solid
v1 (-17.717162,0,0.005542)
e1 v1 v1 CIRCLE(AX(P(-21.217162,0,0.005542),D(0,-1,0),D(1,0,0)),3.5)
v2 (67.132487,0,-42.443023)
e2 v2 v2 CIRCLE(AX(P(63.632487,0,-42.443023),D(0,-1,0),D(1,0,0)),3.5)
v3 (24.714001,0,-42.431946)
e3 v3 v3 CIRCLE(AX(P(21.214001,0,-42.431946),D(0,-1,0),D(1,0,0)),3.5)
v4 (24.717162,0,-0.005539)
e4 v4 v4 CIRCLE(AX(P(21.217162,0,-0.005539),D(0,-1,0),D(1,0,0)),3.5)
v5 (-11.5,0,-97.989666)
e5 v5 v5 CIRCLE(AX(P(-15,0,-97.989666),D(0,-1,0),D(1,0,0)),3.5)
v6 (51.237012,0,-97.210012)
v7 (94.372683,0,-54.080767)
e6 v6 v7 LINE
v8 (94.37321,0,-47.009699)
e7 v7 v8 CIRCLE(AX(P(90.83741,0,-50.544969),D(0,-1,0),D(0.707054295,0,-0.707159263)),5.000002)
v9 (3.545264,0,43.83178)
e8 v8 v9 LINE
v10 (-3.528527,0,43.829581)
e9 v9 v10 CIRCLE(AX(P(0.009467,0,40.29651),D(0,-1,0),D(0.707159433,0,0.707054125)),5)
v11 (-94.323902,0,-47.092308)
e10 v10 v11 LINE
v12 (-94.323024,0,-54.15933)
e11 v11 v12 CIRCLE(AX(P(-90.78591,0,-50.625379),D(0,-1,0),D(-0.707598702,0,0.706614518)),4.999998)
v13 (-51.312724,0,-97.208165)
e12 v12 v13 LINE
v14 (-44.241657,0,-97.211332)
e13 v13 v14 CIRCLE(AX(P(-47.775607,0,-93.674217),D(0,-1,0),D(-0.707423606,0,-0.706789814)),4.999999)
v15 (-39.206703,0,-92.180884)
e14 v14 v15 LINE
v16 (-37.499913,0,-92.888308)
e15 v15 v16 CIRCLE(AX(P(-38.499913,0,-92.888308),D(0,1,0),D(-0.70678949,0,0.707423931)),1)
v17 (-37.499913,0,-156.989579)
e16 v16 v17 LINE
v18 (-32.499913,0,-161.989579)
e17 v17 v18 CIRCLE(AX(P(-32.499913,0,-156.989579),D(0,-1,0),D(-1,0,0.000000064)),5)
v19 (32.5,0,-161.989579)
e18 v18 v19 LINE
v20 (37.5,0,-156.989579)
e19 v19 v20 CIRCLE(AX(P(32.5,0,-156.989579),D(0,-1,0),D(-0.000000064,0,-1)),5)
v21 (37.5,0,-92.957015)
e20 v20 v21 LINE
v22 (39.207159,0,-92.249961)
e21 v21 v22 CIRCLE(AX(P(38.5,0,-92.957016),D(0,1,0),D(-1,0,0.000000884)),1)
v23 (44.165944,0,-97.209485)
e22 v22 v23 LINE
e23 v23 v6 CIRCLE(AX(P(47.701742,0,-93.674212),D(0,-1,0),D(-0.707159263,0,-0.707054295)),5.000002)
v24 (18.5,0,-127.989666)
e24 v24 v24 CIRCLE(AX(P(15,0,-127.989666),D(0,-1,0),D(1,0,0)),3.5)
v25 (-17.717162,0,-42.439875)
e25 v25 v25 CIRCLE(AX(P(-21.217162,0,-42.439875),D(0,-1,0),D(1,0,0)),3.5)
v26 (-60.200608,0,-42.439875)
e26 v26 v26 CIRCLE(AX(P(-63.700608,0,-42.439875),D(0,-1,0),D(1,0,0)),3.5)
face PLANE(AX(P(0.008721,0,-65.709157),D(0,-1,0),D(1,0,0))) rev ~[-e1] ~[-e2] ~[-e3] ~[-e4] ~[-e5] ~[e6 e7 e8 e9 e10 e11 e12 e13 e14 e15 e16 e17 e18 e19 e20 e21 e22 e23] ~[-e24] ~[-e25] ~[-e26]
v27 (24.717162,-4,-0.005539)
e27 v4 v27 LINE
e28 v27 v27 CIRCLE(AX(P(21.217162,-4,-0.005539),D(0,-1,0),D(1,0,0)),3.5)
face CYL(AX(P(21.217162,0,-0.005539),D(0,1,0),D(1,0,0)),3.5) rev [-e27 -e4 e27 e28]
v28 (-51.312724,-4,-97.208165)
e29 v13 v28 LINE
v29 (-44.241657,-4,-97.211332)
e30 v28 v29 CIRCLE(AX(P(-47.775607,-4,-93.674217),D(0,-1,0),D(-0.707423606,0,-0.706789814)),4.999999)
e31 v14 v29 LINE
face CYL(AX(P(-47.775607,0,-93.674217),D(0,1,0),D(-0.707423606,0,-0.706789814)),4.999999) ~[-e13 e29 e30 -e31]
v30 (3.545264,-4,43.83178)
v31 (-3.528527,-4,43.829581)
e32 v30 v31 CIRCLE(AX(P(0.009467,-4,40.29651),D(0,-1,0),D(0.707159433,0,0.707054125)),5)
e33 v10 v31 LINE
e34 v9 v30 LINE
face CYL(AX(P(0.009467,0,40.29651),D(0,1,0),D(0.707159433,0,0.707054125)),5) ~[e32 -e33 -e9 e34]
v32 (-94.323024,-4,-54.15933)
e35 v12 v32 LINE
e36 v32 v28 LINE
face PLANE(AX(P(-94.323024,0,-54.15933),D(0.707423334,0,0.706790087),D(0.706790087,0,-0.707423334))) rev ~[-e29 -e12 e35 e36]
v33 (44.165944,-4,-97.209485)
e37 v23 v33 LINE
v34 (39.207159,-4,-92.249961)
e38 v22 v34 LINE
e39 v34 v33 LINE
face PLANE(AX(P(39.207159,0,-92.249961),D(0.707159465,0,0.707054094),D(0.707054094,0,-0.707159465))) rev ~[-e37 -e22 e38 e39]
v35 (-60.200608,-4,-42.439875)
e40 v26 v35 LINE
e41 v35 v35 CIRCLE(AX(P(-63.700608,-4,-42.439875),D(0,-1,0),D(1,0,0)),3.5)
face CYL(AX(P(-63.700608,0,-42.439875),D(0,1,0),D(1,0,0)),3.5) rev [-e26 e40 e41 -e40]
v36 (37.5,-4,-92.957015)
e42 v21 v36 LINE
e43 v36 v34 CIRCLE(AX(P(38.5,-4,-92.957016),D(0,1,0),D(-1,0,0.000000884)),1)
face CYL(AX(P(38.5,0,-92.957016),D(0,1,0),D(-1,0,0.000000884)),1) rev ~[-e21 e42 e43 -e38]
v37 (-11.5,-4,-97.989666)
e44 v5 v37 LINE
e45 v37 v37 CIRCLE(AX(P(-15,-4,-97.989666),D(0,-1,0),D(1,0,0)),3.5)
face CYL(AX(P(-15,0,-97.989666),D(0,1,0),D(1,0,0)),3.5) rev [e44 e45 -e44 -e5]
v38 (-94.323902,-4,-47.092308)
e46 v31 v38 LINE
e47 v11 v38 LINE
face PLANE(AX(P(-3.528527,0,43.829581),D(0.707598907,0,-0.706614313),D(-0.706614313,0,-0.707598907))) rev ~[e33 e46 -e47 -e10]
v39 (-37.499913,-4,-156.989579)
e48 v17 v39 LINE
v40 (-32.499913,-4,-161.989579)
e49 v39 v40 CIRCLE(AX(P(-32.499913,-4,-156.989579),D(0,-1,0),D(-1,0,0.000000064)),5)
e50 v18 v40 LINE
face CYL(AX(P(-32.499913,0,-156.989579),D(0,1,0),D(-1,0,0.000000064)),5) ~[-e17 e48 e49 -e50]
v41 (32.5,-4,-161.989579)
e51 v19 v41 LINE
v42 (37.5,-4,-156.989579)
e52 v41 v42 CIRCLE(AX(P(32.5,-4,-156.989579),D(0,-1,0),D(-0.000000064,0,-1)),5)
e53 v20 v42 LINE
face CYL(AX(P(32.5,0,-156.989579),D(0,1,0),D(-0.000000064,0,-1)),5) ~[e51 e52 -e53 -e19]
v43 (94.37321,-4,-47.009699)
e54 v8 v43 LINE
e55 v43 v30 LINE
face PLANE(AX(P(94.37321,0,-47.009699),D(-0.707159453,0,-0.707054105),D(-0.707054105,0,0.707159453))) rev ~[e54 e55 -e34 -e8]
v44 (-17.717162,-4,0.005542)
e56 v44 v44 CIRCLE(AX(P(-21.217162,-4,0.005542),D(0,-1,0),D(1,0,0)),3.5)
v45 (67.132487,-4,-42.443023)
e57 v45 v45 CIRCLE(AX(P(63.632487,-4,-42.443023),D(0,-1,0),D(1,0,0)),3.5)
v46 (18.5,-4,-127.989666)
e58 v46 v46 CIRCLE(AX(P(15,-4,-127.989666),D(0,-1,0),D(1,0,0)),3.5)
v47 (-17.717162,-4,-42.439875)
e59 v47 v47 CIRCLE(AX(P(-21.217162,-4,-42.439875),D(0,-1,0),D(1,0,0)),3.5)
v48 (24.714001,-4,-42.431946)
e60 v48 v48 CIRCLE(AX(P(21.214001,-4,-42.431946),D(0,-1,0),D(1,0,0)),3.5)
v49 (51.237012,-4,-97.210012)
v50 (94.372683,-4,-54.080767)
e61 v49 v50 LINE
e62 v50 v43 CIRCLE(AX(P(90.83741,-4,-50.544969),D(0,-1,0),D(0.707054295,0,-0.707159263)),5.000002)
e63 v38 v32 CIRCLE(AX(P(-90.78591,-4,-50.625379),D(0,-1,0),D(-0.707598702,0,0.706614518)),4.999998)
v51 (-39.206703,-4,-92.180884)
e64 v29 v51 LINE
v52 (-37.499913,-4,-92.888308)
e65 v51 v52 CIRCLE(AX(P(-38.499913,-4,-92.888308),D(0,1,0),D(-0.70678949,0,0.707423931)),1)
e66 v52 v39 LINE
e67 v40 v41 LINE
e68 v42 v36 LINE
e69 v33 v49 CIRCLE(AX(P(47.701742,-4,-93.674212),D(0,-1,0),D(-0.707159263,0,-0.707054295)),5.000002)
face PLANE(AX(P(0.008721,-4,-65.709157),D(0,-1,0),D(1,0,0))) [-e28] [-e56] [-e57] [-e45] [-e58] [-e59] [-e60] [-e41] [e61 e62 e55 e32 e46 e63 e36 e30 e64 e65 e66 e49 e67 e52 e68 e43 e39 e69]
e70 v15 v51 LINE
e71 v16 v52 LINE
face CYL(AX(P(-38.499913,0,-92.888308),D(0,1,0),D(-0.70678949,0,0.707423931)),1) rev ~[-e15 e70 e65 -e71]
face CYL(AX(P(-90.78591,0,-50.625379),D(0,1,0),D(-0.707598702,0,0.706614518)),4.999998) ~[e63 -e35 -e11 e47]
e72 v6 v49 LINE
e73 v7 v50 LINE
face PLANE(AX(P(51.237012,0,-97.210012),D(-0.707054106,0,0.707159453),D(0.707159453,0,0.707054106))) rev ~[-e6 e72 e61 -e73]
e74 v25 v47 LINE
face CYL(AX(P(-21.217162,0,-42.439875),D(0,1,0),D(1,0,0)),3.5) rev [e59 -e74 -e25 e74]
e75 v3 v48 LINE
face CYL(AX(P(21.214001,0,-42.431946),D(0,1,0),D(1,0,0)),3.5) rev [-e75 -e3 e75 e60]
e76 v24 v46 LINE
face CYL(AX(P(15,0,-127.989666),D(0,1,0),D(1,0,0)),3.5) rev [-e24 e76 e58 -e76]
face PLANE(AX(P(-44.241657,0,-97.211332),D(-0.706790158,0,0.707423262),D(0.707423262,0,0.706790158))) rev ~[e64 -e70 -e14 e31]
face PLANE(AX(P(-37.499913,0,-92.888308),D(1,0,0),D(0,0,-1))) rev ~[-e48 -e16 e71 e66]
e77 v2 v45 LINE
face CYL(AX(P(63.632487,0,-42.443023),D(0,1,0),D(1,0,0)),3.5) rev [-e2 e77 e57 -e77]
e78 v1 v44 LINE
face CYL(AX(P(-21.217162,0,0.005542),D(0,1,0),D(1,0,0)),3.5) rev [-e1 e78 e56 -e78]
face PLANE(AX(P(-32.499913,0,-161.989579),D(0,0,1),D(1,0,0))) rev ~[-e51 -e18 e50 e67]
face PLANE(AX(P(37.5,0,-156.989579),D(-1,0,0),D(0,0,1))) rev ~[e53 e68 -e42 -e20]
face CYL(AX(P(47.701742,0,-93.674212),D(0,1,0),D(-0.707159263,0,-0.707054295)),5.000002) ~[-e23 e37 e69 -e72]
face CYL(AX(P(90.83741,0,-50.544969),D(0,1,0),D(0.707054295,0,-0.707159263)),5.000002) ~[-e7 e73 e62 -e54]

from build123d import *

# Parameters (mm, degrees)
F0_R     = 3.5
F1_DEPTH = 4


with BuildPart() as f1:
    # F0 (on Front) → F1 (new body)
    with BuildSketch(Plane.XZ):
        with BuildLine():
            ThreePointArc((-37.499913, -156.989579), (-36.035447, -160.525113), (-32.499913, -161.989579))
            Line((-32.499913, -161.989579), (32.5, -161.989579))
            ThreePointArc((32.5, -161.989579), (36.035534, -160.525113), (37.5, -156.989579))
            Line((37.5, -156.989579), (37.5, -92.957015))
            ThreePointArc((37.5, -92.957015), (38.117351, -92.033122), (39.207159, -92.249961))
            Line((39.207159, -92.249961), (44.165944, -97.209485))
            ThreePointArc((44.165944, -97.209485), (47.701369, -98.674214), (51.237012, -97.210012))
            Line((51.237012, -97.210012), (94.372683, -54.080767))
            ThreePointArc((94.372683, -54.080767), (95.837412, -50.545342), (94.37321, -47.009699))
            Line((94.37321, -47.009699), (3.545264, 43.83178))
            ThreePointArc((3.545264, 43.83178), (0.007913, 45.296509), (-3.528527, 43.829581))
            Line((-3.528527, 43.829581), (-94.323902, -47.092308))
            ThreePointArc((-94.323902, -47.092308), (-95.785908, -50.626001), (-94.323024, -54.15933))
            Line((-94.323024, -54.15933), (-51.312724, -97.208165))
            ThreePointArc((-51.312724, -97.208165), (-47.777847, -98.674215), (-44.241657, -97.211332))
            Line((-44.241657, -97.211332), (-39.206703, -92.180884))
            ThreePointArc((-39.206703, -92.180884), (-38.117023, -91.964514), (-37.499913, -92.888308))
            Line((-37.499913, -92.888308), (-37.499913, -156.989579))
        make_face()
        with Locations((-15, -97.989666)):
            Circle(F0_R, mode=Mode.SUBTRACT)
        with Locations((15, -127.989666)):
            Circle(F0_R, mode=Mode.SUBTRACT)
        with Locations((-63.700608, -42.439875)):
            Circle(F0_R, mode=Mode.SUBTRACT)
        with Locations((-21.217162, -42.439875)):
            Circle(F0_R, mode=Mode.SUBTRACT)
        with Locations((-21.217162, 0.005542)):
            Circle(F0_R, mode=Mode.SUBTRACT)
        with Locations((21.214001, -42.431946)):
            Circle(F0_R, mode=Mode.SUBTRACT)
        with Locations((63.632487, -42.443023)):
            Circle(F0_R, mode=Mode.SUBTRACT)
        with Locations((21.217162, -0.005539)):
            Circle(F0_R, mode=Mode.SUBTRACT)
    extrude(amount=F1_DEPTH)


solid = f1.part
